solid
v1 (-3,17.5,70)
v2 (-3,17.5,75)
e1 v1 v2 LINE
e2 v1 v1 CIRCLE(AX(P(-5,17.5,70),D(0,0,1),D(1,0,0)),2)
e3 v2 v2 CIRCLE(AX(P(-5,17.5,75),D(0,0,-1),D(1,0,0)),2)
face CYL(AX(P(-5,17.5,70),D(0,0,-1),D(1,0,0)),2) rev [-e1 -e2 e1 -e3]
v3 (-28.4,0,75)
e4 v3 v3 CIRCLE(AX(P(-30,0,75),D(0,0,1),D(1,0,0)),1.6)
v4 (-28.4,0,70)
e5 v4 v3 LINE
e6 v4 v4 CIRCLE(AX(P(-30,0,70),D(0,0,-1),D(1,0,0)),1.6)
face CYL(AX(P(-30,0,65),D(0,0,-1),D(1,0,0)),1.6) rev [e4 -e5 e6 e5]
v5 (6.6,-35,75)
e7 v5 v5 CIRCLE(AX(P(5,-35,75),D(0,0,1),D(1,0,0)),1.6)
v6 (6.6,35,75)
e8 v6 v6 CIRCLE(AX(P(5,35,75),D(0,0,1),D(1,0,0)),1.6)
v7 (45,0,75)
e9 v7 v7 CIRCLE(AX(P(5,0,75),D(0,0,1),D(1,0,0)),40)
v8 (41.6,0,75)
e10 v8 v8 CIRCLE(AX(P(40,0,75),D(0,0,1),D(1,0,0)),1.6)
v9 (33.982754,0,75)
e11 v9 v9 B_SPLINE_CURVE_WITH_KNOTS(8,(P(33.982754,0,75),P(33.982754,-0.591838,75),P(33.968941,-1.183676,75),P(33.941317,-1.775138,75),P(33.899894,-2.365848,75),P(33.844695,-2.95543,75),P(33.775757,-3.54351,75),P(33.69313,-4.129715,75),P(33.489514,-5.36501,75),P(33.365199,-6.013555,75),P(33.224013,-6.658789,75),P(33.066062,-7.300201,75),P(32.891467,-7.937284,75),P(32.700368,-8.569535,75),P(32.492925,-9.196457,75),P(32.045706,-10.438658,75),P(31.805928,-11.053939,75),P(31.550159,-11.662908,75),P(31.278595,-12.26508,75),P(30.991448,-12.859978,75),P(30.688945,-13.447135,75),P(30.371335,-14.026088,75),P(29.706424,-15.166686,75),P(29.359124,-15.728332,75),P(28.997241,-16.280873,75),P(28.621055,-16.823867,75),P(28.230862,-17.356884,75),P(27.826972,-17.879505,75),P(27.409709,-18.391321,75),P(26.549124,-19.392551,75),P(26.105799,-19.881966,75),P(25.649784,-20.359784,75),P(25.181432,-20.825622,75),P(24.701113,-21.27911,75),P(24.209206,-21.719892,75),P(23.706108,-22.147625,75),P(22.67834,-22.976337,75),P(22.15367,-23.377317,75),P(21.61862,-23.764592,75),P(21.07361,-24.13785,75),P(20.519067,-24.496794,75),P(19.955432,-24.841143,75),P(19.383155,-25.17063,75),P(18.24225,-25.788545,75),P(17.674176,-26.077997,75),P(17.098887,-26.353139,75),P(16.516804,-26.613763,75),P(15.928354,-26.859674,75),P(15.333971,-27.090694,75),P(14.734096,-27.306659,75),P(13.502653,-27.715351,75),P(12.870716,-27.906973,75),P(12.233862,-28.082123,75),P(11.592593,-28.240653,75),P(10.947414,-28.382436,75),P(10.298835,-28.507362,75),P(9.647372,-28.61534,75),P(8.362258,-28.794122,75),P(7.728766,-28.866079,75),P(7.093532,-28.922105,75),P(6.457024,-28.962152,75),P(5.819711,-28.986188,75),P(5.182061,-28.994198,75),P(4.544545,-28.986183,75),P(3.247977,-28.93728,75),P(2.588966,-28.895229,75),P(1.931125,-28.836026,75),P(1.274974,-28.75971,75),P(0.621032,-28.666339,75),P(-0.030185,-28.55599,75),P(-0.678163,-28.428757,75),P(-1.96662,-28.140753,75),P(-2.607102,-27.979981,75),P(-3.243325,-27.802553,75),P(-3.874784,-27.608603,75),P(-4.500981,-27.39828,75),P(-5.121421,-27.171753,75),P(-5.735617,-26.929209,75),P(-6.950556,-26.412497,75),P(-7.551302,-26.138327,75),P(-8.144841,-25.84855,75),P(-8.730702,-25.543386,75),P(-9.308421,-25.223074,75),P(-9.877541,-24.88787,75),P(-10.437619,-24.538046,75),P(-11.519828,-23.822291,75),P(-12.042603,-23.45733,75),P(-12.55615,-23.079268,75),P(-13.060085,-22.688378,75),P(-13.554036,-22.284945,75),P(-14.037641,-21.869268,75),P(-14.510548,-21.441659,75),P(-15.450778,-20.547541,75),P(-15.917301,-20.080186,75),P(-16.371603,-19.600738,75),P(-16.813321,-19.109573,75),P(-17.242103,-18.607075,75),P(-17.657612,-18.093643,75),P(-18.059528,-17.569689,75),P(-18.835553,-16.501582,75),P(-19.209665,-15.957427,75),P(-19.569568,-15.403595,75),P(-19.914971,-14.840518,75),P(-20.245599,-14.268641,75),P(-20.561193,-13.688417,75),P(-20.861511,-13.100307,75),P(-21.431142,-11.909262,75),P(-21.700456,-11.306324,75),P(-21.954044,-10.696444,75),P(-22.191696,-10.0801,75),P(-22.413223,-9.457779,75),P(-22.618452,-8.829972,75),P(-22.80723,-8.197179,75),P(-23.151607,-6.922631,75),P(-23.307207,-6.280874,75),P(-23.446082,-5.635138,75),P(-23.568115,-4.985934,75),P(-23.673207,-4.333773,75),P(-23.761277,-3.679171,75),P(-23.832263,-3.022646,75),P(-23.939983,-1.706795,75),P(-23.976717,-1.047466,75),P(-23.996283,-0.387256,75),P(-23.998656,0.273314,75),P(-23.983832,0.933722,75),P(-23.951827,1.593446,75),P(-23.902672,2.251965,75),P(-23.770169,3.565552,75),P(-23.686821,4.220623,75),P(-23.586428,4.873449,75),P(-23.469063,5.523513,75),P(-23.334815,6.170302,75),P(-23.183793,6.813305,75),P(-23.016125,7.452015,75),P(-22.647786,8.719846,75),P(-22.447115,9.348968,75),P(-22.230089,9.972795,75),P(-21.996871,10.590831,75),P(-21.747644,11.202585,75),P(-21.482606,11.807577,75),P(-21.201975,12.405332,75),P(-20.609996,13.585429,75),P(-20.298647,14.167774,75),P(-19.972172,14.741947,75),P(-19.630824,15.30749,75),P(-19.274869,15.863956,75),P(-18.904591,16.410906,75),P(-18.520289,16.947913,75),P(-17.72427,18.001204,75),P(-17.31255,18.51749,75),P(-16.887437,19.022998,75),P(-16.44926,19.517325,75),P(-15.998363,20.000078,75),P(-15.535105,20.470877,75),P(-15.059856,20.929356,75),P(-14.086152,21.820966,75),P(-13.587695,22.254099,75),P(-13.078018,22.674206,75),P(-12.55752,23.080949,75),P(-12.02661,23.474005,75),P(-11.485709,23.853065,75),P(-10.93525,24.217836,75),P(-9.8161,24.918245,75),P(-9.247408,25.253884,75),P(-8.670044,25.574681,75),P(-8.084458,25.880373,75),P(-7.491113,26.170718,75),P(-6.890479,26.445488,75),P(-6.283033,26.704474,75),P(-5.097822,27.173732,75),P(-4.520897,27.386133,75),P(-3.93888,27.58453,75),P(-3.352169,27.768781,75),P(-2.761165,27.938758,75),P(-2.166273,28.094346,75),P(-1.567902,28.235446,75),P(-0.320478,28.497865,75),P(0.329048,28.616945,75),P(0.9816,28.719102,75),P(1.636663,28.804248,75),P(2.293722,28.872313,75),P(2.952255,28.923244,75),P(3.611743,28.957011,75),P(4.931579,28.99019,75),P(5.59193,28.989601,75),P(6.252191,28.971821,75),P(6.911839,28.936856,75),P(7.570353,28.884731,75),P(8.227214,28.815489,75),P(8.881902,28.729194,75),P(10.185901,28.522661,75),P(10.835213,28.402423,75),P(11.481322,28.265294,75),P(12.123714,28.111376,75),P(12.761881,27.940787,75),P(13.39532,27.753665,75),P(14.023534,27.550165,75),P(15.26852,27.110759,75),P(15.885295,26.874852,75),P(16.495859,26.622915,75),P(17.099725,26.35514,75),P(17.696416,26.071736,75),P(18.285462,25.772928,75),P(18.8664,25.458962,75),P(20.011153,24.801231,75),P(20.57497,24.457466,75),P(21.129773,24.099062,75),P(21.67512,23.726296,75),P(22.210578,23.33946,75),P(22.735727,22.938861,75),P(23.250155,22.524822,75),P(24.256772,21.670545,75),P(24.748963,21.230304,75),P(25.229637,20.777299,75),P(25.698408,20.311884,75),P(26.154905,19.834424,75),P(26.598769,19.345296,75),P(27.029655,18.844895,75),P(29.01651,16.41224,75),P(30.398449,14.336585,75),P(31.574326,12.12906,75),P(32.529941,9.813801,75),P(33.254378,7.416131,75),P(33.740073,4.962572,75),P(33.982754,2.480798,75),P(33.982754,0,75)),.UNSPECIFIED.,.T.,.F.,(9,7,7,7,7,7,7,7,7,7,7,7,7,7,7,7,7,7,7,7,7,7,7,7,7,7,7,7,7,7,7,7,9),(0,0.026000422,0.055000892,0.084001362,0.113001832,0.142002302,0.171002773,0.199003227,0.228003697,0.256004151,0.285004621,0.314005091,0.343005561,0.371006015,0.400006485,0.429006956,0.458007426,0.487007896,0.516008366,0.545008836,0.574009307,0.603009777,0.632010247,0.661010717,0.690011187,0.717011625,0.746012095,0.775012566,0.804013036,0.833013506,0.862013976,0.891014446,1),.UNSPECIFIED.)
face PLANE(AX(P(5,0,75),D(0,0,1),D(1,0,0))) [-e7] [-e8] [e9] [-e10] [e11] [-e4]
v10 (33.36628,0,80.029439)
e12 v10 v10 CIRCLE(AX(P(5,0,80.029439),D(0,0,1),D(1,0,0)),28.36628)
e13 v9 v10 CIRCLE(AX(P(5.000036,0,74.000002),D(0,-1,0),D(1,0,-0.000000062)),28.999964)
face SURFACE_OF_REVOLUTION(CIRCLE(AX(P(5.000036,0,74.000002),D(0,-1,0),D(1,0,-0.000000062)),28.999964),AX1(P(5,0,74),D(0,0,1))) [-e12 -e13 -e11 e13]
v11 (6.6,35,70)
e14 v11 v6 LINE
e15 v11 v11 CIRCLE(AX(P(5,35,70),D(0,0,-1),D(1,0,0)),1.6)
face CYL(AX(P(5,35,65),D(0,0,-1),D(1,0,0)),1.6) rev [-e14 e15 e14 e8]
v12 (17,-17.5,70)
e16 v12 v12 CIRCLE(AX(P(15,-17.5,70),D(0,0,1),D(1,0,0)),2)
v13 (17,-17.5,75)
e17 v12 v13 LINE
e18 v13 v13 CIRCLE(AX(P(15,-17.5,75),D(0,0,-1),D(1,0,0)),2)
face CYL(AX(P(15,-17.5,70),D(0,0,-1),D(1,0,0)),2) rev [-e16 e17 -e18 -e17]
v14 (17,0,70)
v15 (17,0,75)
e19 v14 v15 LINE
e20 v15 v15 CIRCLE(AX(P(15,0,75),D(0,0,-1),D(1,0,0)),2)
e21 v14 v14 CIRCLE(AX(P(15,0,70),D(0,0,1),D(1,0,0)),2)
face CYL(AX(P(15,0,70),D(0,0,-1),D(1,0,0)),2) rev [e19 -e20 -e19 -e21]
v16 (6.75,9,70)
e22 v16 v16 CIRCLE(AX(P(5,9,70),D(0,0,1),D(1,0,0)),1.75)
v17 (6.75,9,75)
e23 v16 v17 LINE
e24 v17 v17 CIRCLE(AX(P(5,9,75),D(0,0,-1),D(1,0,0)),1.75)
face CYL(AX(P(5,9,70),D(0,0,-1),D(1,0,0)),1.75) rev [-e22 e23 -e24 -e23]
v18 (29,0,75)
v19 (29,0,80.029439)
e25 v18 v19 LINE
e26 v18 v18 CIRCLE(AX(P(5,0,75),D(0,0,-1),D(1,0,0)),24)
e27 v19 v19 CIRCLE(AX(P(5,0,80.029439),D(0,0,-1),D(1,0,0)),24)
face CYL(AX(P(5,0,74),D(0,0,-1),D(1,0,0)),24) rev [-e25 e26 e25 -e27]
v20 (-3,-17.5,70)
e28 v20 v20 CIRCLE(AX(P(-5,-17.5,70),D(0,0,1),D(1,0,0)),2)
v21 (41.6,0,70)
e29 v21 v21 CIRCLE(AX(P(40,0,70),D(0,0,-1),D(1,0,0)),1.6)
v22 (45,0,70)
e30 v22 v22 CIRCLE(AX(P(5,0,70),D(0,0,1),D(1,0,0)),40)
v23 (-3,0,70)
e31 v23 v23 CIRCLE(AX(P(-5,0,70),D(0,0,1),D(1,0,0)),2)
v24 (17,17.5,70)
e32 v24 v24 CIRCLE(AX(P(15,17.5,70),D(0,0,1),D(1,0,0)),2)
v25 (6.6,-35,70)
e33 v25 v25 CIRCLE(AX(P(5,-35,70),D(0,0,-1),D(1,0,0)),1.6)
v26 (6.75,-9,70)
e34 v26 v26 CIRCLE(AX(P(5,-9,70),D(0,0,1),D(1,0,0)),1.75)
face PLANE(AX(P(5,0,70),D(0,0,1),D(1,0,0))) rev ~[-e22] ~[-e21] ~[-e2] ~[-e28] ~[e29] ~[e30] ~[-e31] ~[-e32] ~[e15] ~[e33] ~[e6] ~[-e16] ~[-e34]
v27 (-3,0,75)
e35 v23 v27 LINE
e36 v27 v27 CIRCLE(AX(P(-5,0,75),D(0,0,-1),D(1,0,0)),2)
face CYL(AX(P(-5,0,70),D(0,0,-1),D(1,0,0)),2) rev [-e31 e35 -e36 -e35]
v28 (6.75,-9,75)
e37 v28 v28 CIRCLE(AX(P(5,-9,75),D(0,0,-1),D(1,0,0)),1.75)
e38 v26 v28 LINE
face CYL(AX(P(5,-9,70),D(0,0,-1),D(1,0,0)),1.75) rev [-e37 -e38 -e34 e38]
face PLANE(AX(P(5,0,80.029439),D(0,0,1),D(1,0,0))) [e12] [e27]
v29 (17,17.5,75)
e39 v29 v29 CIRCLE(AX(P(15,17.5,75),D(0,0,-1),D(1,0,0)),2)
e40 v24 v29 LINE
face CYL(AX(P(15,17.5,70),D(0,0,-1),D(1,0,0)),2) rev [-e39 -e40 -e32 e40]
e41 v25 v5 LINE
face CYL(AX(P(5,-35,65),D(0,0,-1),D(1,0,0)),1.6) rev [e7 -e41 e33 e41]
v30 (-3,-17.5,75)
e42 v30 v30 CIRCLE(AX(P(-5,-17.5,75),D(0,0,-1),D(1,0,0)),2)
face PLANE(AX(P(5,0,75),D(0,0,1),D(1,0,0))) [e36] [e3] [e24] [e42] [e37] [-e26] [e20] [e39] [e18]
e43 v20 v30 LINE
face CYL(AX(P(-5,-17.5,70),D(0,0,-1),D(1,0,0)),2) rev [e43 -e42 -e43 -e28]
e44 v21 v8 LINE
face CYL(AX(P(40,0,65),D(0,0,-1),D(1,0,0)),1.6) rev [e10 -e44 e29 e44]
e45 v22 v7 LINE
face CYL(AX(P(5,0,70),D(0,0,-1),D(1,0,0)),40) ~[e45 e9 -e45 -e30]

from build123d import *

# Parameters (mm, degrees)
CYLINDER033_R     = 1.6
CYLINDER033_DEPTH = 10
CYLINDER034_R     = 1.6
CYLINDER034_DEPTH = 10
CYLINDER035_R     = 1.6
CYLINDER035_DEPTH = 10
CYLINDER032_R     = 1.6
CYLINDER032_DEPTH = 10
CYLINDER026_R     = 2
CYLINDER026_DEPTH = 10
CYLINDER025_R     = 2
CYLINDER025_DEPTH = 10
CYLINDER028_R     = 1.75
CYLINDER028_DEPTH = 10
CYLINDER027_R     = 1.75
CYLINDER027_DEPTH = 10
CYLINDER019_R     = 2
CYLINDER019_DEPTH = 10
CYLINDER020_R     = 2
CYLINDER020_DEPTH = 10
CYLINDER021_R     = 2
CYLINDER021_DEPTH = 10
CYLINDER022_R     = 2
CYLINDER022_DEPTH = 10
CYLINDER024_R     = 24
CYLINDER024_DEPTH = 7
CYLINDER023_R     = 40
CYLINDER023_DEPTH = 5


with BuildPart() as m2heatsetinsets001:
    # Cylinder033 → Cylinder033 (new body)
    with BuildSketch(Plane(origin=(40, 0, 65), x_dir=(1, 0, 0), z_dir=(0, 0, 1))):
        Circle(CYLINDER033_R)
    extrude(amount=CYLINDER033_DEPTH)


with BuildPart() as m2heatsetinsets002:
    # Cylinder034 → Cylinder034 (new body)
    with BuildSketch(Plane(origin=(5, 35, 65), x_dir=(1, 0, 0), z_dir=(0, 0, 1))):
        Circle(CYLINDER034_R)
    extrude(amount=CYLINDER034_DEPTH)


with BuildPart() as m2heatsetinsets003:
    # Cylinder035 → Cylinder035 (new body)
    with BuildSketch(Plane(origin=(5, -35, 65), x_dir=(1, 0, 0), z_dir=(0, 0, 1))):
        Circle(CYLINDER035_R)
    extrude(amount=CYLINDER035_DEPTH)


with BuildPart() as fusion013:
    # Cylinder032 → Cylinder032 (new body)
    with BuildSketch(Plane(origin=(-30, 0, 65), x_dir=(1, 0, 0), z_dir=(0, 0, 1))):
        Circle(CYLINDER032_R)
    extrude(amount=CYLINDER032_DEPTH)

    # Fusion013: union m2HeatSetInsets001, m2HeatSetInsets002, m2HeatSetInsets003
    add(m2heatsetinsets001.part)
    add(m2heatsetinsets002.part)
    add(m2heatsetinsets003.part)


with BuildPart() as wirecut001:
    # Cylinder026 → Cylinder026 (new body)
    with BuildSketch(Plane(origin=(15, 0, 70), x_dir=(1, 0, 0), z_dir=(0, 0, 1))):
        Circle(CYLINDER026_R)
    extrude(amount=CYLINDER026_DEPTH)


with BuildPart() as wirecuts:
    # Cylinder025 → Cylinder025 (new body)
    with BuildSketch(Plane(origin=(-5, 0, 70), x_dir=(1, 0, 0), z_dir=(0, 0, 1))):
        Circle(CYLINDER025_R)
    extrude(amount=CYLINDER025_DEPTH)

    # Fusion008: union wireCUt001
    add(wirecut001.part)


with BuildPart() as m3cuts001:
    # Cylinder028 → Cylinder028 (new body)
    with BuildSketch(Plane(origin=(5, 9, 70), x_dir=(1, 0, 0), z_dir=(0, 0, 1))):
        Circle(CYLINDER028_R)
    extrude(amount=CYLINDER028_DEPTH)


with BuildPart() as m3cute:
    # Cylinder027 → Cylinder027 (new body)
    with BuildSketch(Plane(origin=(5, -9, 70), x_dir=(1, 0, 0), z_dir=(0, 0, 1))):
        Circle(CYLINDER027_R)
    extrude(amount=CYLINDER027_DEPTH)

    # Fusion009: union m3Cuts001
    add(m3cuts001.part)


with BuildPart() as cylinder019:
    # Cylinder019 → Cylinder019 (new body)
    with BuildSketch(Plane(origin=(0, -21, 0), x_dir=(1, 0, 0), z_dir=(0, 0, 1))):
        Circle(CYLINDER019_R)
    extrude(amount=CYLINDER019_DEPTH)


with BuildPart() as m3heatsetcuts:
    # Cylinder020 → Cylinder020 (new body)
    with BuildSketch(Plane(origin=(20, -21, 0), x_dir=(1, 0, 0), z_dir=(0, 0, 1))):
        Circle(CYLINDER020_R)
    extrude(amount=CYLINDER020_DEPTH)

    # Fusion005: union Cylinder019
    add(cylinder019.part)


with BuildPart() as m3heatsetcuts_1:
    # Fusion005 placement: moved
    add(m3heatsetcuts.part.moved(Location((-5, 38.5, 70))))


with BuildPart() as cylinder021:
    # Cylinder021 → Cylinder021 (new body)
    with BuildSketch(Plane(origin=(0, -21, 0), x_dir=(1, 0, 0), z_dir=(0, 0, 1))):
        Circle(CYLINDER021_R)
    extrude(amount=CYLINDER021_DEPTH)


with BuildPart() as basecuts:
    # Cylinder022 → Cylinder022 (new body)
    with BuildSketch(Plane(origin=(20, -21, 0), x_dir=(1, 0, 0), z_dir=(0, 0, 1))):
        Circle(CYLINDER022_R)
    extrude(amount=CYLINDER022_DEPTH)

    # Fusion006: union Cylinder021
    add(cylinder021.part)


with BuildPart() as basecuts_1:
    # Fusion006 placement: moved
    add(basecuts.part.moved(Location((-5, 3.5, 70))))

    # Fusion007: union m3HeatSetCuts
    add(m3heatsetcuts_1.part)

    # Fusion010: union wireCuts, m3Cute
    add(wirecuts.part)
    add(m3cute.part)


with BuildPart() as basecut:
    # Cylinder024 → Cylinder024 (new body)
    with BuildSketch(Plane(origin=(5, 0, 74), x_dir=(1, 0, 0), z_dir=(0, 0, 1))):
        Circle(CYLINDER024_R)
    extrude(amount=CYLINDER024_DEPTH)


with BuildPart() as cut001:
    # Sphere001 → Sphere001 (revolve)
    with BuildSketch(Plane(origin=(5, 0, 74), x_dir=(1, 0, 0), z_dir=(0, -1, 0))):
        with BuildLine():
            ThreePointArc((29, 0), (28.841135, 3.031325), (28.36628, 6.029439))
            Line((28.36628, 6.029439), (0, 6.029439))
            Line((0, 6.029439), (0, 0))
            Line((0, 0), (29, 0))
        make_face()
    revolve(axis=Axis((5, 0, 74), (0, 0, 1)))

    # Cut001: cut baseCut
    add(basecut.part, mode=Mode.SUBTRACT)


with BuildPart() as cut005:
    # Cylinder023 → Cylinder023 (new body)
    with BuildSketch(Plane(origin=(5, 0, 70), x_dir=(1, 0, 0), z_dir=(0, 0, 1))):
        Circle(CYLINDER023_R)
    extrude(amount=CYLINDER023_DEPTH)

    # Fusion011: union Cut001
    add(cut001.part)

    # Cut002: cut baseCUts
    add(basecuts_1.part, mode=Mode.SUBTRACT)

    # Cut005: cut Fusion013
    add(fusion013.part, mode=Mode.SUBTRACT)


solid = cut005.part
